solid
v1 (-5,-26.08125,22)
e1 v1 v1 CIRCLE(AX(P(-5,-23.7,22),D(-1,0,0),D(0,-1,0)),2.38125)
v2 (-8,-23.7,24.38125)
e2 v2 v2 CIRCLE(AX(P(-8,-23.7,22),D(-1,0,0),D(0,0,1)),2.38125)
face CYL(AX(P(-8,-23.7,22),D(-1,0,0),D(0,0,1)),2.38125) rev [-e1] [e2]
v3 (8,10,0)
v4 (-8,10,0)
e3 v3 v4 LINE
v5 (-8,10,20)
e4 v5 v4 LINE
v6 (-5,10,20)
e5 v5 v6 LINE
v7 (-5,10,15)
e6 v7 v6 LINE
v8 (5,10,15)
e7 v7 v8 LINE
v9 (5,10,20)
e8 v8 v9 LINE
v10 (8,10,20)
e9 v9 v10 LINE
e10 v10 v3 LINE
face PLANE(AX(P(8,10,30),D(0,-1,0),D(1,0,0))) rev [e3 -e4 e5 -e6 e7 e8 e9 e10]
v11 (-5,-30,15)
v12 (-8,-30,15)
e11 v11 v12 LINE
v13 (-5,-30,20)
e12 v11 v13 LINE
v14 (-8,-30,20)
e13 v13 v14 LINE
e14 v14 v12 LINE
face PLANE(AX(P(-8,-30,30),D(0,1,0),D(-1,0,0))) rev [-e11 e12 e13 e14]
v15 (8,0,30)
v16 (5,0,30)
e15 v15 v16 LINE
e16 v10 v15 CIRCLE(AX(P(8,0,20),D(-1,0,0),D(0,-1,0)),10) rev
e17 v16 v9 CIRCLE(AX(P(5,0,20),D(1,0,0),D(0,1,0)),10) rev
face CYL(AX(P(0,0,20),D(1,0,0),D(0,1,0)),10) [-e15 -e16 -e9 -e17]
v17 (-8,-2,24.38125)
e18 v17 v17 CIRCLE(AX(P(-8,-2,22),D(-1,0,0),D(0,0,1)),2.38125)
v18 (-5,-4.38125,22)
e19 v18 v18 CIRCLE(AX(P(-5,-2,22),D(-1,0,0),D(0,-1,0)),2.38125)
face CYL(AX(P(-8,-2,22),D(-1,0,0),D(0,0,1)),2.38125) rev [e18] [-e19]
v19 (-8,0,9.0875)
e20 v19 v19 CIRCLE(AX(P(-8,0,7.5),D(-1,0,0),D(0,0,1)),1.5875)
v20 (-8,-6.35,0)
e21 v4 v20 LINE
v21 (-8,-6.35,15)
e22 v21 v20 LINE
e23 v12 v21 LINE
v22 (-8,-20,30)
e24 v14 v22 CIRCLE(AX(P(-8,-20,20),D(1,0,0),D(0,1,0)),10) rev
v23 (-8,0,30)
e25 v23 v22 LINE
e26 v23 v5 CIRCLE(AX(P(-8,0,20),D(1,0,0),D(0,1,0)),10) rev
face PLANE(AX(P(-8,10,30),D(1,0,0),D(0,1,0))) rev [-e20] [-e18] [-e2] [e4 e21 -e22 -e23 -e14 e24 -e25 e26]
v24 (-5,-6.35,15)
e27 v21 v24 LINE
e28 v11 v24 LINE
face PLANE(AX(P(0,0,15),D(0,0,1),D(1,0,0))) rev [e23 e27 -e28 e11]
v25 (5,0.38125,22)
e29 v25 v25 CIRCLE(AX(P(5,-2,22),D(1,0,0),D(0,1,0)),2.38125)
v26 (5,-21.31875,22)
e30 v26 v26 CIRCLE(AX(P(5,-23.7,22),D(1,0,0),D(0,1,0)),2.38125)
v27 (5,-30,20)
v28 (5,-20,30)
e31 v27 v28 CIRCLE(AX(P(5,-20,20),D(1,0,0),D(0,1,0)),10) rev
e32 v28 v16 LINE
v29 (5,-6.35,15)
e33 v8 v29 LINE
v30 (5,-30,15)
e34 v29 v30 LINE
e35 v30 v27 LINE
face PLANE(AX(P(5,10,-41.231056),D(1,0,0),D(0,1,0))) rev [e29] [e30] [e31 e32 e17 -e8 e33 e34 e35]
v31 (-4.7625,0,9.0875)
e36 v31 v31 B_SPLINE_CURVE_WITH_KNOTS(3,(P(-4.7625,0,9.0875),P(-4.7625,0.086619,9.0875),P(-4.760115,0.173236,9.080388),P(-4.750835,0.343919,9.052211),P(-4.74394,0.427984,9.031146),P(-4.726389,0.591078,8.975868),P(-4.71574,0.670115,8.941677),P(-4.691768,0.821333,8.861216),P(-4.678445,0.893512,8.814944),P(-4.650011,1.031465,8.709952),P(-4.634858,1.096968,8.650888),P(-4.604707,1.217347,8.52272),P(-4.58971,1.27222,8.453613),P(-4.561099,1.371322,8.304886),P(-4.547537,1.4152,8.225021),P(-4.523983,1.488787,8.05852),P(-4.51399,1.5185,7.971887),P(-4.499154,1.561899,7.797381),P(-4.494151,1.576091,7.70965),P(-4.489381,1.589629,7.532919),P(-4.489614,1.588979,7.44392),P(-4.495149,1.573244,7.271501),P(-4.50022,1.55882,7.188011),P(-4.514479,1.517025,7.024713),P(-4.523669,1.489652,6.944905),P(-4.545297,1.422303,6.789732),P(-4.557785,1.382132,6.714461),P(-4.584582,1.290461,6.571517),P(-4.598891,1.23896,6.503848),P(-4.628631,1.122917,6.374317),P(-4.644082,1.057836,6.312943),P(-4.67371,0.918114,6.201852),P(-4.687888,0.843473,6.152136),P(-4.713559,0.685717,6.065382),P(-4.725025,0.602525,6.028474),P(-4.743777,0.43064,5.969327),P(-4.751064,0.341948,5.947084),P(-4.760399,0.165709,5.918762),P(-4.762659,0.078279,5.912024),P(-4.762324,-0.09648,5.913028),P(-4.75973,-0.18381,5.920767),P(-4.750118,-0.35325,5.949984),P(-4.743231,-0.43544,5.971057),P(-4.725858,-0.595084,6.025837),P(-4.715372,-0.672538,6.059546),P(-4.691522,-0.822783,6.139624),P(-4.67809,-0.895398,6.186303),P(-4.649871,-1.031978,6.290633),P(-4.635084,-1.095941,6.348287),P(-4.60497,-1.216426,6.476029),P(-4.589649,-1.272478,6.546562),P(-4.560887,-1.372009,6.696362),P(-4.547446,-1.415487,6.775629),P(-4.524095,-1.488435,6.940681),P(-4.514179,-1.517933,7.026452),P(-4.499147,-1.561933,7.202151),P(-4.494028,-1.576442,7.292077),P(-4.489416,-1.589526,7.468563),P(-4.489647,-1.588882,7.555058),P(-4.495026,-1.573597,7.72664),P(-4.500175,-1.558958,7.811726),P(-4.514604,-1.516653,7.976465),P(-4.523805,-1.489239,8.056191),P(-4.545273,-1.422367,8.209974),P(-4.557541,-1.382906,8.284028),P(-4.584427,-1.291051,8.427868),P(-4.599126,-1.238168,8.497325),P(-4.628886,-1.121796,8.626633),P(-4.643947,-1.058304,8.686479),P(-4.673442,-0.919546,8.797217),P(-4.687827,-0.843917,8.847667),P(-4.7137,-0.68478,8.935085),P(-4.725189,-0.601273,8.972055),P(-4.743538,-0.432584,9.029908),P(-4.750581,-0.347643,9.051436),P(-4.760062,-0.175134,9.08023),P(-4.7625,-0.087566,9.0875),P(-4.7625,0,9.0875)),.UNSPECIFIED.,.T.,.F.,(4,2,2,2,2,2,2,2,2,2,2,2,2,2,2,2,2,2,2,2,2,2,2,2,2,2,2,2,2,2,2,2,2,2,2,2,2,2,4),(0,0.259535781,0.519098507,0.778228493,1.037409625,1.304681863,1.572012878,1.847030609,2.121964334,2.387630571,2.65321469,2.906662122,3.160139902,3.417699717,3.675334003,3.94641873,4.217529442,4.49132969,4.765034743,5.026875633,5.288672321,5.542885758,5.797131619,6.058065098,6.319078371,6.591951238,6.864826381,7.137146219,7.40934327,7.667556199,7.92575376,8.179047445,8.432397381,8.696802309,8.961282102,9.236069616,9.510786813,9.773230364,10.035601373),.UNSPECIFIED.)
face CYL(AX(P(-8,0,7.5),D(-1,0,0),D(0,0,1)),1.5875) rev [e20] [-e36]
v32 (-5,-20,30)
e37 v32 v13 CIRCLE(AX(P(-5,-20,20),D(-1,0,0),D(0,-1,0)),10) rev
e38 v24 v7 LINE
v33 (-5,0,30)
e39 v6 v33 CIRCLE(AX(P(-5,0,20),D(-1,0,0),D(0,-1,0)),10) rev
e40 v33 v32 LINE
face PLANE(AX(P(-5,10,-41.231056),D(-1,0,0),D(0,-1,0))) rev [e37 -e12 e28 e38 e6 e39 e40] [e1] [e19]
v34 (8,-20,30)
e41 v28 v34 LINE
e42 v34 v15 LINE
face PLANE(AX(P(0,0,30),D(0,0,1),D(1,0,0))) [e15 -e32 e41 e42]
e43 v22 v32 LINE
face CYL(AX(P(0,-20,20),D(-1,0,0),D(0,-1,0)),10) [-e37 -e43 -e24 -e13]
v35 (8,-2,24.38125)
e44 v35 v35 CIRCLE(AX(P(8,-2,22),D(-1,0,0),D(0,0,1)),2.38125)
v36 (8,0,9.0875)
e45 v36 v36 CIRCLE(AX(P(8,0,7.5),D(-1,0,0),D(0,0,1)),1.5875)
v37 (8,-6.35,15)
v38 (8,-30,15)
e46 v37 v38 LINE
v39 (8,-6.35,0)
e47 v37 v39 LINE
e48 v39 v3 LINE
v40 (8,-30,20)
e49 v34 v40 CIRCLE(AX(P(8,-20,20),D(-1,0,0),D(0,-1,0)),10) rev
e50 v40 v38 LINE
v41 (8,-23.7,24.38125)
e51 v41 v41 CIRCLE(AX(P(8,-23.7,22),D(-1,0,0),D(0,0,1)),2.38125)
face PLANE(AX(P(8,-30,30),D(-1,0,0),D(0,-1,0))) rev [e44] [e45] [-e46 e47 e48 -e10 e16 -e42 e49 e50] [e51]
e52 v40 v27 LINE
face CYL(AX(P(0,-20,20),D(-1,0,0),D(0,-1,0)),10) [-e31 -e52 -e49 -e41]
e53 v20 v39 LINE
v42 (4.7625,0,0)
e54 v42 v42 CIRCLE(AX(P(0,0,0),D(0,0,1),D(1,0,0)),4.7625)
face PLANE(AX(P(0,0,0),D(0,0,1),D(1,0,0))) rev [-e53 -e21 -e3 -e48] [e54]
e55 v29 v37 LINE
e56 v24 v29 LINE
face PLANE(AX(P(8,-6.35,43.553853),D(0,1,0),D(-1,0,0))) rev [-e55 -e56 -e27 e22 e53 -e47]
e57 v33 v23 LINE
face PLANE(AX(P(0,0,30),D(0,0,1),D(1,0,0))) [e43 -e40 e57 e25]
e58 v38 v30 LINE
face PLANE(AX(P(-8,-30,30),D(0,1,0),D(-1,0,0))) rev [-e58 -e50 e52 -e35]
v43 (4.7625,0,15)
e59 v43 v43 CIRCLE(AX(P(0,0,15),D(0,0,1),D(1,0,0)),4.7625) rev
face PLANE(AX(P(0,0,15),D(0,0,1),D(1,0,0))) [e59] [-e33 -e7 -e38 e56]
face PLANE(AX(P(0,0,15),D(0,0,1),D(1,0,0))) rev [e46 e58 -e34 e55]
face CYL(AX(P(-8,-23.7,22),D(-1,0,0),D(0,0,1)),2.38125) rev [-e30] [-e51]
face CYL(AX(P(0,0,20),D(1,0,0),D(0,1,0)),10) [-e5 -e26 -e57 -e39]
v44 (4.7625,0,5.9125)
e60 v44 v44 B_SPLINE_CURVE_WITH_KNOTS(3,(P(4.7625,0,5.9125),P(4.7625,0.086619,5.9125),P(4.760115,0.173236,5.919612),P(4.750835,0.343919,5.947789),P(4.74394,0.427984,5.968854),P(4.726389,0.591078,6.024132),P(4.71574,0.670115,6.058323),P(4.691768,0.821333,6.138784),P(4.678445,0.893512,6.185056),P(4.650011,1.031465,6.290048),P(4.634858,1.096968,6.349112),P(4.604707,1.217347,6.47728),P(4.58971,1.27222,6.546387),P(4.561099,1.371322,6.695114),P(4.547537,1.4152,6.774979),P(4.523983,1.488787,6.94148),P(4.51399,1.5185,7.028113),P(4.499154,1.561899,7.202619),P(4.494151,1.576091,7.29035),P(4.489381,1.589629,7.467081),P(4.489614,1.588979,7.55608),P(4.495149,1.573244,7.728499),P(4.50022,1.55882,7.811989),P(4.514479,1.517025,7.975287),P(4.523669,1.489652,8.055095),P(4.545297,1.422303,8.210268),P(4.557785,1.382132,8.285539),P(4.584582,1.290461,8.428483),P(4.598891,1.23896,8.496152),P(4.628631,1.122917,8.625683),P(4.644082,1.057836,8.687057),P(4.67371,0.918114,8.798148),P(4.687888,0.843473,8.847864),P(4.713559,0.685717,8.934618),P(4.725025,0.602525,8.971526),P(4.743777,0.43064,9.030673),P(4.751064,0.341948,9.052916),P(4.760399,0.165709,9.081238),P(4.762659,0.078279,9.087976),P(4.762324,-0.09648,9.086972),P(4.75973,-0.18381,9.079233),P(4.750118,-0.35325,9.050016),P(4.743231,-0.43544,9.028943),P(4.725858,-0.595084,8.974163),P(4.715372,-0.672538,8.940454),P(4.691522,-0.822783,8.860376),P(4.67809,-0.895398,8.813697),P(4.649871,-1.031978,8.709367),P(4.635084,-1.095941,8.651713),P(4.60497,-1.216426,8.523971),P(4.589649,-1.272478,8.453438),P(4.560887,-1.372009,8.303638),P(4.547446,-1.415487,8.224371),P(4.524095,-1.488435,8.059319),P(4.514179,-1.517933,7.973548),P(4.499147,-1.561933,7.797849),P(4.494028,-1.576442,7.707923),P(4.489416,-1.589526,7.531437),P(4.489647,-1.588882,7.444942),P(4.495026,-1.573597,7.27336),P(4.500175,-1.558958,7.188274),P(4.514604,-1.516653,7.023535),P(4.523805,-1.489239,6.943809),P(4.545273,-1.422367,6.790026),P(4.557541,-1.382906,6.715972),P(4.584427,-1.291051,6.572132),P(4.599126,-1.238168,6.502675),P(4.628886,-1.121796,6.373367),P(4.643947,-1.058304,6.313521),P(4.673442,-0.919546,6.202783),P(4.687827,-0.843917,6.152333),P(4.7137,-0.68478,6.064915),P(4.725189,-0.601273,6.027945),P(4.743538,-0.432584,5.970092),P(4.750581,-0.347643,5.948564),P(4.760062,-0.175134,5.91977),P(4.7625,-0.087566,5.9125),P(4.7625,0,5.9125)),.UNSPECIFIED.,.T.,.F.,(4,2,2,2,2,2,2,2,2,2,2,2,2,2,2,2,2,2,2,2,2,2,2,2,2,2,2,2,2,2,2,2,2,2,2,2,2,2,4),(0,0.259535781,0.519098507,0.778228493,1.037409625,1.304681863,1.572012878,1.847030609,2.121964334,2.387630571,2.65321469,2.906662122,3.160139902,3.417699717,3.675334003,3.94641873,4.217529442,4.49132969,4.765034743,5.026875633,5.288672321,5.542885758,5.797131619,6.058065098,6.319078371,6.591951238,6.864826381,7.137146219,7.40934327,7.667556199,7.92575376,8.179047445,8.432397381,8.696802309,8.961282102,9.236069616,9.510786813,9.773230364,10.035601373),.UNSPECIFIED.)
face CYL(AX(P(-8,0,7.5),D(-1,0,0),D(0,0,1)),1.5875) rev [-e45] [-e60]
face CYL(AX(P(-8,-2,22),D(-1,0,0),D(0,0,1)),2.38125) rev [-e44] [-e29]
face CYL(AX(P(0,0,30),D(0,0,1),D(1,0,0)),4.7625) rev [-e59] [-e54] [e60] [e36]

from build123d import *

# Parameters (mm, degrees)
SKETCH1_W                      = 16
SKETCH1_H                      = 40
BOSS_EXTRUDE1_DEPTH            = 30
F_3_8_0_3750_DOWEL_HOLE1_D     = 9.525
F_1_8_0_1250_DOWEL_HOLE1_D     = 3.175
SKETCH7_W                      = 10
SKETCH7_H                      = 40
CUT_EXTRUDE1_DEPTH             = 15
F_3_16_0_1875_DIAMETER_HOLE1_D = 4.7625
SKETCH10_W                     = 16
SKETCH10_H                     = 23.65
CUT_EXTRUDE2_DEPTH             = 15
FILLET1_R                      = 10


with BuildPart() as part:
    # Sketch1 → Boss-Extrude1 (new body)
    with BuildSketch(Plane.XY):
        with Locations((0, -10)):
            Rectangle(SKETCH1_W, SKETCH1_H)
    extrude(amount=BOSS_EXTRUDE1_DEPTH)

    # 3/8 (0.3750) Dowel Hole1 (through all)
    with Locations(Plane.XY.offset(30)):
        with Locations((0, 0)):
            Hole(F_3_8_0_3750_DOWEL_HOLE1_D / 2)

    # 1/8 (0.1250) Dowel Hole1 (through all)
    with Locations(Plane.ZY.offset(8)):
        with Locations((7.5, 0)):
            Hole(F_1_8_0_1250_DOWEL_HOLE1_D / 2)

    # Sketch7 → Cut-Extrude1 (cut)
    with BuildSketch(Plane.XY.offset(30)):
        with Locations((0, -10)):
            Rectangle(SKETCH7_W, SKETCH7_H)
    extrude(amount=-CUT_EXTRUDE1_DEPTH, mode=Mode.SUBTRACT)

    # 3/16 (0.1875) Diameter Hole1 (through all)
    with Locations(Plane.ZY.offset(8)):
        with Locations((22, -2), (22, -23.7)):
            Hole(F_3_16_0_1875_DIAMETER_HOLE1_D / 2)

    # Sketch10 → Cut-Extrude2 (cut)
    with BuildSketch(Plane(origin=(0, 0, 0), x_dir=(-1, 0, 0), z_dir=(0, 0, -1))):
        with Locations((0, -18.175)):
            Rectangle(SKETCH10_W, SKETCH10_H)
    extrude(amount=-CUT_EXTRUDE2_DEPTH, mode=Mode.SUBTRACT)

    # Fillet1
    fillet1_edges = [part.edges().sort_by_distance(p)[0] for p in [
        (6.5, 10, 30),
        (6.5, -30, 30),
        (-6.5, 10, 30),
        (-6.5, -30, 30),
    ]]
    fillet(fillet1_edges, radius=FILLET1_R)


solid = part.part
